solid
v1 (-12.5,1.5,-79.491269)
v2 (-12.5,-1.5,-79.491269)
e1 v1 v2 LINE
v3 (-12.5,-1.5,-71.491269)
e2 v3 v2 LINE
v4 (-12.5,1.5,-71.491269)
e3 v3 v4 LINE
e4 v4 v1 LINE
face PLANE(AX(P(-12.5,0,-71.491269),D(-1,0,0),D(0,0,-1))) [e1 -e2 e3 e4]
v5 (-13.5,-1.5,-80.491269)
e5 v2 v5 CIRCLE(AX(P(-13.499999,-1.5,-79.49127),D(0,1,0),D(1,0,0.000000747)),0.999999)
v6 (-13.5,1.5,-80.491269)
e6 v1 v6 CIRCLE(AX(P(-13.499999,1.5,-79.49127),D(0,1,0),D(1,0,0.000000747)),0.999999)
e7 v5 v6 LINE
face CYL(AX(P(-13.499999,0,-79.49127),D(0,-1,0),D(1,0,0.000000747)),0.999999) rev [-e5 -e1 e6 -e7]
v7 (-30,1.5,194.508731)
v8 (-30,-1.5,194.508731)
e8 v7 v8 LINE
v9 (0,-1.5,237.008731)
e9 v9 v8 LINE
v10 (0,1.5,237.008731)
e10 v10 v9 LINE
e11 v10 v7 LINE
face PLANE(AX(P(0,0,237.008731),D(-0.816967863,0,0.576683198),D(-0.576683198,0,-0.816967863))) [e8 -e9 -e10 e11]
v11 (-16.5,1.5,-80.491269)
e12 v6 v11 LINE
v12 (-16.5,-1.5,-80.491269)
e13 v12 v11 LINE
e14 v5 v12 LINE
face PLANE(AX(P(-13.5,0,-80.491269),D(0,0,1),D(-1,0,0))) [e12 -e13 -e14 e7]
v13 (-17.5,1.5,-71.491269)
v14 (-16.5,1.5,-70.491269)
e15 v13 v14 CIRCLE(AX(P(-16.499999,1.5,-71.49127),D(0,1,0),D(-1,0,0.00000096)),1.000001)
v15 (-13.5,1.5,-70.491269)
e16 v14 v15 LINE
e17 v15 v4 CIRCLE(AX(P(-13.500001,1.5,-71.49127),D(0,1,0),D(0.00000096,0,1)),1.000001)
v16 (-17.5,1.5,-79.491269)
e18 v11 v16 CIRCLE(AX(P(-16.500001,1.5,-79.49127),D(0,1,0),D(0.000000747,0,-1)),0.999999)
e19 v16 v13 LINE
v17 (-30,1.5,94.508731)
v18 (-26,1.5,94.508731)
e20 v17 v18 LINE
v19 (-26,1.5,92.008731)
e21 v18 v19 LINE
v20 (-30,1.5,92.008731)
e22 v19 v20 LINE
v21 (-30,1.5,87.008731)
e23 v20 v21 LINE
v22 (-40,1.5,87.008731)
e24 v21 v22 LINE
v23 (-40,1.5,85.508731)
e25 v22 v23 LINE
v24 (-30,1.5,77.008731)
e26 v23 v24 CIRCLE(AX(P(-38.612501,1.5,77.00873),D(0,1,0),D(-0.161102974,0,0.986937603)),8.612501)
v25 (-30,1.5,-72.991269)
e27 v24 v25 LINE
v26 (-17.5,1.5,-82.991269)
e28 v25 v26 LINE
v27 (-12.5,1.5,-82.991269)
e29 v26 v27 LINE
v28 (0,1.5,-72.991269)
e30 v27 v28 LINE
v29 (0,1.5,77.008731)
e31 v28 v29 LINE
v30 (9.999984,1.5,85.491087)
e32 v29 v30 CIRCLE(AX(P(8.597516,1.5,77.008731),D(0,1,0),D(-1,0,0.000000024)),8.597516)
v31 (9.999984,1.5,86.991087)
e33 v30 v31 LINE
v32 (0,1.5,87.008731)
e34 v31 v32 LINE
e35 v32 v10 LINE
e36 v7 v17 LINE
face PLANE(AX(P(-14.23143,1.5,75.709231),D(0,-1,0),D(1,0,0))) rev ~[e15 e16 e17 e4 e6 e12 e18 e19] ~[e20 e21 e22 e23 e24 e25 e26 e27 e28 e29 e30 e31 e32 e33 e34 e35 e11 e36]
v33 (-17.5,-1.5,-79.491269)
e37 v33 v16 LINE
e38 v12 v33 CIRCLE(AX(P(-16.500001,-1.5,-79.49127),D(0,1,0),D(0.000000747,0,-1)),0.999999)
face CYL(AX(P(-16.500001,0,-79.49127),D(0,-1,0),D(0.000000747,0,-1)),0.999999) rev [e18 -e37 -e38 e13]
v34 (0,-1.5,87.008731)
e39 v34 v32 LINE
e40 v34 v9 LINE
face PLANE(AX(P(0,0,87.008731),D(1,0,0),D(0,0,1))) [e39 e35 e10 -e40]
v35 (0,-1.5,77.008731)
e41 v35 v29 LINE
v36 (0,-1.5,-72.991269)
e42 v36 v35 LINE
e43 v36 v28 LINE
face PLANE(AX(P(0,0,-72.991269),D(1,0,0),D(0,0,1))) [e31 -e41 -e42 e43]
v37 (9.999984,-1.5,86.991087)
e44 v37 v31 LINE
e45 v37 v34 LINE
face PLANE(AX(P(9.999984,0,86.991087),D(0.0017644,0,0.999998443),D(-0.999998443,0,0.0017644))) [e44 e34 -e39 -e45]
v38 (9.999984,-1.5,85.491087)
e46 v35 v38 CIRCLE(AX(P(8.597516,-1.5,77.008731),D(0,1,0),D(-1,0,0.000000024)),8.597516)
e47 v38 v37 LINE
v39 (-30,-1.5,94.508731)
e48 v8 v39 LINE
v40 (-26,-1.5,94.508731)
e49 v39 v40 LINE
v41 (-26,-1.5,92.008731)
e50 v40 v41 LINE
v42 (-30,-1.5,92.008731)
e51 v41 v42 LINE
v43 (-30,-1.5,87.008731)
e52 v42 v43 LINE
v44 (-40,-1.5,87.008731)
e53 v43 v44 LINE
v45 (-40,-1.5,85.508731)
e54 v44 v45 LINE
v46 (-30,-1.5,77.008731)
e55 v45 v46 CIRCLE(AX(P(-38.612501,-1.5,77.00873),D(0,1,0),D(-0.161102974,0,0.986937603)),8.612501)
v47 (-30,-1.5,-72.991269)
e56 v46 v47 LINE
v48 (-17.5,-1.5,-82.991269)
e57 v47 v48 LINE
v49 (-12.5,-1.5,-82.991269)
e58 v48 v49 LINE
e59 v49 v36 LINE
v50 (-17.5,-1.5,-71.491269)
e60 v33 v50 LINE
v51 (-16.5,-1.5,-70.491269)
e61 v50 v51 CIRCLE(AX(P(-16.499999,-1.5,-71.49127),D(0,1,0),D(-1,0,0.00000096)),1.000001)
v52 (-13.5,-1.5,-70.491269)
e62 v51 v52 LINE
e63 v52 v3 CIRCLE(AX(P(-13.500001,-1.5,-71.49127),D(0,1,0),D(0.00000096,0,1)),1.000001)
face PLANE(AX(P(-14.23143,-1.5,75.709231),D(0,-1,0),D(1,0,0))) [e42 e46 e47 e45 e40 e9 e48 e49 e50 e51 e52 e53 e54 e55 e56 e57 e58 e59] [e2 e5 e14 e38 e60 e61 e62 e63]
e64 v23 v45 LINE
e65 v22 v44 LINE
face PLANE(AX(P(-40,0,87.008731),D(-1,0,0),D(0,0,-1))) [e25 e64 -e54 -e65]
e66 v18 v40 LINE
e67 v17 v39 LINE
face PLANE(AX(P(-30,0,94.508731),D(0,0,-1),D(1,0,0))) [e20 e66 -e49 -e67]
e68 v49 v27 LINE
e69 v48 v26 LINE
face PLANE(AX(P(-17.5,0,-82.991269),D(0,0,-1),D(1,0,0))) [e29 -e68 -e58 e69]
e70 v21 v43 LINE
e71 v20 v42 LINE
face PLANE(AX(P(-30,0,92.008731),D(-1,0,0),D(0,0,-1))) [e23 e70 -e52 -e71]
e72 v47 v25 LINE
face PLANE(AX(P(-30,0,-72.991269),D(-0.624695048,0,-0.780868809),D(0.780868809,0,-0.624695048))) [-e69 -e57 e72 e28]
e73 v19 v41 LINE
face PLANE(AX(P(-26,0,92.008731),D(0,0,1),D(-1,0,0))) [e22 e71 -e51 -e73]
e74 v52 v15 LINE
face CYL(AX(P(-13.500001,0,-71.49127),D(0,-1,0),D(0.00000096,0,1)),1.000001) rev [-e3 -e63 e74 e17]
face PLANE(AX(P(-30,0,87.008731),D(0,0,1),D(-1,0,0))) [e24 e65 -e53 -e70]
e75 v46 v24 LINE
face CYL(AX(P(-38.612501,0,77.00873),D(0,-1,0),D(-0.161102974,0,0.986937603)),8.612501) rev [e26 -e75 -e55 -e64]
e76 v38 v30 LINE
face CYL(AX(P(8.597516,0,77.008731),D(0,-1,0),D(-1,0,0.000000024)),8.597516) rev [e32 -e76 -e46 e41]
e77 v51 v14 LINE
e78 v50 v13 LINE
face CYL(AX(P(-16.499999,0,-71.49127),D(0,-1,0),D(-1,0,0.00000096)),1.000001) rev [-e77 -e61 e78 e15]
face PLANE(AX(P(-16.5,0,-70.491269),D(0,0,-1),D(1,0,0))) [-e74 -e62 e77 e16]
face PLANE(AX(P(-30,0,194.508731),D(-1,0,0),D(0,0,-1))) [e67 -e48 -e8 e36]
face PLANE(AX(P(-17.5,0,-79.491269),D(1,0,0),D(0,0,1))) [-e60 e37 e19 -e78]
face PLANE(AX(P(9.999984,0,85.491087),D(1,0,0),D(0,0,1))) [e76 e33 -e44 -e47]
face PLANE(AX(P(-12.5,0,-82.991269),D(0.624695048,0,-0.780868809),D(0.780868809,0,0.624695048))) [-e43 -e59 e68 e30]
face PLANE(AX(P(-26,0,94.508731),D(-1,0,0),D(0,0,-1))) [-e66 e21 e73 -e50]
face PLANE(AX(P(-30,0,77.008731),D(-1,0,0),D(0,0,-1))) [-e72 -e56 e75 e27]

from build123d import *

# Parameters (mm, degrees)
F1_DEPTH = 1.5


with BuildPart() as f1:
    # F0 (on Front) → F1 (new body, symmetric)
    with BuildSketch(Plane.XZ):
        with BuildLine():
            Line((0, 87.008731), (0, 237.008731))
            Line((0, 237.008731), (-30, 194.508731))
            Line((-30, 194.508731), (-30, 94.508731))
            Line((-30, 94.508731), (-26, 94.508731))
            Line((-26, 94.508731), (-26, 92.008731))
            Line((-26, 92.008731), (-30, 92.008731))
            Line((-30, 92.008731), (-30, 87.008731))
            Line((-30, 87.008731), (-40, 87.008731))
            Line((-40, 87.008731), (-40, 85.508731))
            ThreePointArc((-40, 85.508731), (-33.034628, 83.570933), (-30, 77.008731))
            Line((-30, 77.008731), (-30, -72.991269))
            Line((-30, -72.991269), (-17.5, -82.991269))
            Line((-17.5, -82.991269), (-12.5, -82.991269))
            Line((-12.5, -82.991269), (0, -72.991269))
            Line((0, -72.991269), (0, 77.008731))
            ThreePointArc((0, 77.008731), (3.036062, 83.565217), (9.999984, 85.491087))
            Line((9.999984, 85.491087), (9.999984, 86.991087))
            Line((9.999984, 86.991087), (0, 87.008731))
        make_face()
        with BuildLine():
            ThreePointArc((-12.5, -79.491269), (-12.792893, -80.198376), (-13.5, -80.491269))
            Line((-13.5, -80.491269), (-16.5, -80.491269))
            ThreePointArc((-16.5, -80.491269), (-17.207107, -80.198376), (-17.5, -79.491269))
            Line((-17.5, -79.491269), (-17.5, -71.491269))
            ThreePointArc((-17.5, -71.491269), (-17.207107, -70.784163), (-16.5, -70.491269))
            Line((-16.5, -70.491269), (-13.5, -70.491269))
            ThreePointArc((-13.5, -70.491269), (-12.792893, -70.784163), (-12.5, -71.491269))
            Line((-12.5, -71.491269), (-12.5, -79.491269))
        make_face(mode=Mode.SUBTRACT)
    extrude(amount=F1_DEPTH, both=True)


solid = f1.part
